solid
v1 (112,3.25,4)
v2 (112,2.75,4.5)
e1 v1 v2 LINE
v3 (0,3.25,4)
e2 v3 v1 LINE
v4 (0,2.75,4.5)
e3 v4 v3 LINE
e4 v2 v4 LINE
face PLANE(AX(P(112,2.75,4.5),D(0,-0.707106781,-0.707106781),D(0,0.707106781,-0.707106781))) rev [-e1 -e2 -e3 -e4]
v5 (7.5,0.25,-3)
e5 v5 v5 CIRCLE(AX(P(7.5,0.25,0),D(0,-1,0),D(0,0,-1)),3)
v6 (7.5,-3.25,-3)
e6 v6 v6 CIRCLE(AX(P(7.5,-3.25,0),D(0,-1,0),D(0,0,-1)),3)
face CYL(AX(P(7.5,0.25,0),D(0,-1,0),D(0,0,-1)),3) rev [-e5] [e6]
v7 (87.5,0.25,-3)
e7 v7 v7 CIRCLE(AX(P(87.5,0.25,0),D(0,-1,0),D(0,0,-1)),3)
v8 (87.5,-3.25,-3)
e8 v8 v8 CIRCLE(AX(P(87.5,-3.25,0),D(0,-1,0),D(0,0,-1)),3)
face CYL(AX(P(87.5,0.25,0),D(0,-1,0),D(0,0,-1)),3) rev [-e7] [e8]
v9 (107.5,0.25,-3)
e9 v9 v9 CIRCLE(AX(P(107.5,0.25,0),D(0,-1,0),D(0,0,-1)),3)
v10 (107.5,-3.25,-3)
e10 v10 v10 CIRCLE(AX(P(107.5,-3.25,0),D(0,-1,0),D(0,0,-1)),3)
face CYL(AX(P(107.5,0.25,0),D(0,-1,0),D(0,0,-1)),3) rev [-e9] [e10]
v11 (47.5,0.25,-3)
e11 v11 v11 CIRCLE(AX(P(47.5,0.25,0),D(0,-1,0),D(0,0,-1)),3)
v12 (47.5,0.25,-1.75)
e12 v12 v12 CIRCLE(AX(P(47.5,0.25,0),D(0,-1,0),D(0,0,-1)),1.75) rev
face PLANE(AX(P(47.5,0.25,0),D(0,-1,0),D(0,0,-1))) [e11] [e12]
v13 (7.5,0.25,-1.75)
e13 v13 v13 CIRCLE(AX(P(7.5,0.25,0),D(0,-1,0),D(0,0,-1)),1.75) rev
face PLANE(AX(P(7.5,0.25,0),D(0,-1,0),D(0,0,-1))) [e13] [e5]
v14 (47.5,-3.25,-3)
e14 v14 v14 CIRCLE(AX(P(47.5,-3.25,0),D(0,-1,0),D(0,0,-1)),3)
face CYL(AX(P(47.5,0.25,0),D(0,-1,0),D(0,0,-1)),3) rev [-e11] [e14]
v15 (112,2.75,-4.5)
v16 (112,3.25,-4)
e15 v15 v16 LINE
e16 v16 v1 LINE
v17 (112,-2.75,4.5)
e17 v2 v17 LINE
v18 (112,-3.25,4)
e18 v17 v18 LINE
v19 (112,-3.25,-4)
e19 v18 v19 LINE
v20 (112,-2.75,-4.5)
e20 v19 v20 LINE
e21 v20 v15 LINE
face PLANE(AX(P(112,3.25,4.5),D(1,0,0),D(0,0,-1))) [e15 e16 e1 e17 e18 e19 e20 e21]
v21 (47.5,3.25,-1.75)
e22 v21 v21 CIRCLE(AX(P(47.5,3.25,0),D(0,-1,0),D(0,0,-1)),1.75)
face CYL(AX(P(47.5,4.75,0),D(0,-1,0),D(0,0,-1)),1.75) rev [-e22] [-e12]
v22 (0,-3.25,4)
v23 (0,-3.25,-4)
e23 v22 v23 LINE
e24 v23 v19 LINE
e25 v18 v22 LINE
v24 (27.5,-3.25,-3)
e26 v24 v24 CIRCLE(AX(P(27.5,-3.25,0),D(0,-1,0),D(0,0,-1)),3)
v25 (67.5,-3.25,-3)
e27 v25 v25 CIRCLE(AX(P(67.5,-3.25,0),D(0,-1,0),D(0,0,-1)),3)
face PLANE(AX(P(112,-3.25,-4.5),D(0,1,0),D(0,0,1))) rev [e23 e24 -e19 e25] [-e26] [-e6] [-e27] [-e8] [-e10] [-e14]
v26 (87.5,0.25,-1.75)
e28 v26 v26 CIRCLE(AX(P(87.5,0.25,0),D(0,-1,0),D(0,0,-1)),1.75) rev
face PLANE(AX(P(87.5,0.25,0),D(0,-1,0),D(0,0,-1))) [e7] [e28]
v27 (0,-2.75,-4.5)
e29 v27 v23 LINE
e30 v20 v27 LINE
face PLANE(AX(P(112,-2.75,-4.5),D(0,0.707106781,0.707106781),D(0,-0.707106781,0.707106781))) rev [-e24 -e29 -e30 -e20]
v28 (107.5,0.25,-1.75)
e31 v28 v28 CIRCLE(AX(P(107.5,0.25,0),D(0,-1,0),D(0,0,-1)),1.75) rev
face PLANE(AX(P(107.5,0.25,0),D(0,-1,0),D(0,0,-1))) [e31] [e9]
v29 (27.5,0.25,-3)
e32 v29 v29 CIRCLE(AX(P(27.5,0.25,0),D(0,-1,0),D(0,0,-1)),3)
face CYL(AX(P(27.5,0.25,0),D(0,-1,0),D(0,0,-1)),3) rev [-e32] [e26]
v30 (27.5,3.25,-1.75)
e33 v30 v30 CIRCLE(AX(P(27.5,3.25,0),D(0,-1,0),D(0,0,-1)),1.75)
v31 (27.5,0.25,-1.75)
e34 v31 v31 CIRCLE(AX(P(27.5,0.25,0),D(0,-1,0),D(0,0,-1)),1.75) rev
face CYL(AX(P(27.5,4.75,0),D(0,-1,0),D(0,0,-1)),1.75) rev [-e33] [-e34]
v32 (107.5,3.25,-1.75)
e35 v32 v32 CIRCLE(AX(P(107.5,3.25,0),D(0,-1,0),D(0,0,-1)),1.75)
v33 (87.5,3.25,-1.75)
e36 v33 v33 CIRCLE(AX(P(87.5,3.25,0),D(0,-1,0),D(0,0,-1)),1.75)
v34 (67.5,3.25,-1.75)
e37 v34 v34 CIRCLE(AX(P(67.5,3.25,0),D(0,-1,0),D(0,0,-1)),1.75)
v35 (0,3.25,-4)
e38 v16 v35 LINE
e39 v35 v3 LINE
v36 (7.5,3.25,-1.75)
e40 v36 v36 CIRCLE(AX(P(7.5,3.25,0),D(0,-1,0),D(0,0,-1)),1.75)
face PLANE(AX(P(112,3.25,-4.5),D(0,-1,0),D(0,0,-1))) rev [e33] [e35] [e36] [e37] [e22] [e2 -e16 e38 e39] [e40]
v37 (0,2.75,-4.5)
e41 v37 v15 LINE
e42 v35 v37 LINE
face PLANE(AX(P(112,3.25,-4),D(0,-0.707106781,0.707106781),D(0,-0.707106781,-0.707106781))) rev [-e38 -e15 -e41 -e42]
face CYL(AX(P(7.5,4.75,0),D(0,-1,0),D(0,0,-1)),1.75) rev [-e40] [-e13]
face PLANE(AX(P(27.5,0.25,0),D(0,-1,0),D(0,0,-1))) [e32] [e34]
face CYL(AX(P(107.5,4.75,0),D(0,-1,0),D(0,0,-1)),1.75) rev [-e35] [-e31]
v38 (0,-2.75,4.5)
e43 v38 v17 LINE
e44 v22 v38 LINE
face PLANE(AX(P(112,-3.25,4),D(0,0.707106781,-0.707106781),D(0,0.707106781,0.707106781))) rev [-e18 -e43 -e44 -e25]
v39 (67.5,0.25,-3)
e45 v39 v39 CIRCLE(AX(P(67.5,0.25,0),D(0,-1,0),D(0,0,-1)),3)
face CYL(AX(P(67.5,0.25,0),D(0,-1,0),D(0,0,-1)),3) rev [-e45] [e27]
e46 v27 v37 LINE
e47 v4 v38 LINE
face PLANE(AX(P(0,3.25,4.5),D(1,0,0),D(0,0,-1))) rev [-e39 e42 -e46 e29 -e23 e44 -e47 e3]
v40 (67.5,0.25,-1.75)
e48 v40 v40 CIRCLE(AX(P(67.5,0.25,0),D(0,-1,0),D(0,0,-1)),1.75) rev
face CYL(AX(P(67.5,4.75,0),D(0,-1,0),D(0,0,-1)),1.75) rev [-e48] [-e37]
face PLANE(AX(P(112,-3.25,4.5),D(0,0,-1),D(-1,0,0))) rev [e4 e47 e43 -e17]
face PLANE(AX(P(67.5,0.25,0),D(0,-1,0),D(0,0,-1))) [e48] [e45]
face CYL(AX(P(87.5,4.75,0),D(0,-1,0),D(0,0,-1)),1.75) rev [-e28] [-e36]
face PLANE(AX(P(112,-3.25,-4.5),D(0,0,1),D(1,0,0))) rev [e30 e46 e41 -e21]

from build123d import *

# Parameters (mm, degrees)
SKETCH_1_W          = 9
SKETCH_1_H          = 6.5
EXTRUDE_1_DEPTH     = 112
SKETCH_2_R          = 1.75
CUT_EXTRUDE_2_DEPTH = 8
SKETCH_3_R          = 3
CUT_EXTRUDE_3_DEPTH = 3.5
CHAMFER_1_SIZE      = 0.5


with BuildPart() as part:
    # 草图1 → 拉伸1 (new body)
    with BuildSketch(Plane(origin=(0, 0, 0), x_dir=(0, 0, -1), z_dir=(1, 0, 0))):
        Rectangle(SKETCH_1_W, SKETCH_1_H)
    extrude(amount=EXTRUDE_1_DEPTH)

    # 草图2 → 拉伸2 (cut)
    with BuildSketch(Plane.XZ.offset(3.25)):
        with Locations(Location((7.5, 0, 0), (0, 0, 270))):
            Circle(SKETCH_2_R)
        with Locations((167.5, 0)):
            Circle(SKETCH_2_R)
        with Locations((187.5, 0)):
            Circle(SKETCH_2_R)
        with Locations((207.5, 0)):
            Circle(SKETCH_2_R)
        with Locations((227.5, 0)):
            Circle(SKETCH_2_R)
        with Locations((247.5, 0)):
            Circle(SKETCH_2_R)
        with Locations((267.5, 0)):
            Circle(SKETCH_2_R)
        with Locations((287.5, 0)):
            Circle(SKETCH_2_R)
        with Locations(Location((27.5, 0, 0), (0, 0, 270))):
            Circle(SKETCH_2_R)
        with Locations(Location((47.5, 0, 0), (0, 0, 270))):
            Circle(SKETCH_2_R)
        with Locations(Location((67.5, 0, 0), (0, 0, 270))):
            Circle(SKETCH_2_R)
        with Locations(Location((87.5, 0, 0), (0, 0, 270))):
            Circle(SKETCH_2_R)
        with Locations(Location((107.5, 0, 0), (0, 0, 270))):
            Circle(SKETCH_2_R)
        with Locations((127.5, 0)):
            Circle(SKETCH_2_R)
        with Locations((147.5, 0)):
            Circle(SKETCH_2_R)
    extrude(amount=-CUT_EXTRUDE_2_DEPTH, mode=Mode.SUBTRACT)

    # 草图3 → 拉伸3 (cut)
    with BuildSketch(Plane.XZ.offset(3.25)):
        with Locations(Location((7.5, 0, 0), (0, 0, 270))):
            Circle(SKETCH_3_R)
        with Locations((167.5, 0)):
            Circle(SKETCH_3_R)
        with Locations((187.5, 0)):
            Circle(SKETCH_3_R)
        with Locations((207.5, 0)):
            Circle(SKETCH_3_R)
        with Locations((227.5, 0)):
            Circle(SKETCH_3_R)
        with Locations((247.5, 0)):
            Circle(SKETCH_3_R)
        with Locations((267.5, 0)):
            Circle(SKETCH_3_R)
        with Locations((287.5, 0)):
            Circle(SKETCH_3_R)
        with Locations(Location((27.5, 0, 0), (0, 0, 270))):
            Circle(SKETCH_3_R)
        with Locations(Location((47.5, 0, 0), (0, 0, 270))):
            Circle(SKETCH_3_R)
        with Locations(Location((67.5, 0, 0), (0, 0, 270))):
            Circle(SKETCH_3_R)
        with Locations(Location((87.5, 0, 0), (0, 0, 270))):
            Circle(SKETCH_3_R)
        with Locations(Location((107.5, 0, 0), (0, 0, 270))):
            Circle(SKETCH_3_R)
        with Locations((127.5, 0)):
            Circle(SKETCH_3_R)
        with Locations((147.5, 0)):
            Circle(SKETCH_3_R)
    extrude(amount=-CUT_EXTRUDE_3_DEPTH, mode=Mode.SUBTRACT)

    # 倒角1
    chamfer_1_edges = [part.edges().sort_by_distance(p)[0] for p in [
        (56, 3.25, 4.5),
        (56, 3.25, -4.5),
        (56, -3.25, -4.5),
        (56, -3.25, 4.5),
    ]]
    chamfer(chamfer_1_edges, length=CHAMFER_1_SIZE)


solid = part.part
